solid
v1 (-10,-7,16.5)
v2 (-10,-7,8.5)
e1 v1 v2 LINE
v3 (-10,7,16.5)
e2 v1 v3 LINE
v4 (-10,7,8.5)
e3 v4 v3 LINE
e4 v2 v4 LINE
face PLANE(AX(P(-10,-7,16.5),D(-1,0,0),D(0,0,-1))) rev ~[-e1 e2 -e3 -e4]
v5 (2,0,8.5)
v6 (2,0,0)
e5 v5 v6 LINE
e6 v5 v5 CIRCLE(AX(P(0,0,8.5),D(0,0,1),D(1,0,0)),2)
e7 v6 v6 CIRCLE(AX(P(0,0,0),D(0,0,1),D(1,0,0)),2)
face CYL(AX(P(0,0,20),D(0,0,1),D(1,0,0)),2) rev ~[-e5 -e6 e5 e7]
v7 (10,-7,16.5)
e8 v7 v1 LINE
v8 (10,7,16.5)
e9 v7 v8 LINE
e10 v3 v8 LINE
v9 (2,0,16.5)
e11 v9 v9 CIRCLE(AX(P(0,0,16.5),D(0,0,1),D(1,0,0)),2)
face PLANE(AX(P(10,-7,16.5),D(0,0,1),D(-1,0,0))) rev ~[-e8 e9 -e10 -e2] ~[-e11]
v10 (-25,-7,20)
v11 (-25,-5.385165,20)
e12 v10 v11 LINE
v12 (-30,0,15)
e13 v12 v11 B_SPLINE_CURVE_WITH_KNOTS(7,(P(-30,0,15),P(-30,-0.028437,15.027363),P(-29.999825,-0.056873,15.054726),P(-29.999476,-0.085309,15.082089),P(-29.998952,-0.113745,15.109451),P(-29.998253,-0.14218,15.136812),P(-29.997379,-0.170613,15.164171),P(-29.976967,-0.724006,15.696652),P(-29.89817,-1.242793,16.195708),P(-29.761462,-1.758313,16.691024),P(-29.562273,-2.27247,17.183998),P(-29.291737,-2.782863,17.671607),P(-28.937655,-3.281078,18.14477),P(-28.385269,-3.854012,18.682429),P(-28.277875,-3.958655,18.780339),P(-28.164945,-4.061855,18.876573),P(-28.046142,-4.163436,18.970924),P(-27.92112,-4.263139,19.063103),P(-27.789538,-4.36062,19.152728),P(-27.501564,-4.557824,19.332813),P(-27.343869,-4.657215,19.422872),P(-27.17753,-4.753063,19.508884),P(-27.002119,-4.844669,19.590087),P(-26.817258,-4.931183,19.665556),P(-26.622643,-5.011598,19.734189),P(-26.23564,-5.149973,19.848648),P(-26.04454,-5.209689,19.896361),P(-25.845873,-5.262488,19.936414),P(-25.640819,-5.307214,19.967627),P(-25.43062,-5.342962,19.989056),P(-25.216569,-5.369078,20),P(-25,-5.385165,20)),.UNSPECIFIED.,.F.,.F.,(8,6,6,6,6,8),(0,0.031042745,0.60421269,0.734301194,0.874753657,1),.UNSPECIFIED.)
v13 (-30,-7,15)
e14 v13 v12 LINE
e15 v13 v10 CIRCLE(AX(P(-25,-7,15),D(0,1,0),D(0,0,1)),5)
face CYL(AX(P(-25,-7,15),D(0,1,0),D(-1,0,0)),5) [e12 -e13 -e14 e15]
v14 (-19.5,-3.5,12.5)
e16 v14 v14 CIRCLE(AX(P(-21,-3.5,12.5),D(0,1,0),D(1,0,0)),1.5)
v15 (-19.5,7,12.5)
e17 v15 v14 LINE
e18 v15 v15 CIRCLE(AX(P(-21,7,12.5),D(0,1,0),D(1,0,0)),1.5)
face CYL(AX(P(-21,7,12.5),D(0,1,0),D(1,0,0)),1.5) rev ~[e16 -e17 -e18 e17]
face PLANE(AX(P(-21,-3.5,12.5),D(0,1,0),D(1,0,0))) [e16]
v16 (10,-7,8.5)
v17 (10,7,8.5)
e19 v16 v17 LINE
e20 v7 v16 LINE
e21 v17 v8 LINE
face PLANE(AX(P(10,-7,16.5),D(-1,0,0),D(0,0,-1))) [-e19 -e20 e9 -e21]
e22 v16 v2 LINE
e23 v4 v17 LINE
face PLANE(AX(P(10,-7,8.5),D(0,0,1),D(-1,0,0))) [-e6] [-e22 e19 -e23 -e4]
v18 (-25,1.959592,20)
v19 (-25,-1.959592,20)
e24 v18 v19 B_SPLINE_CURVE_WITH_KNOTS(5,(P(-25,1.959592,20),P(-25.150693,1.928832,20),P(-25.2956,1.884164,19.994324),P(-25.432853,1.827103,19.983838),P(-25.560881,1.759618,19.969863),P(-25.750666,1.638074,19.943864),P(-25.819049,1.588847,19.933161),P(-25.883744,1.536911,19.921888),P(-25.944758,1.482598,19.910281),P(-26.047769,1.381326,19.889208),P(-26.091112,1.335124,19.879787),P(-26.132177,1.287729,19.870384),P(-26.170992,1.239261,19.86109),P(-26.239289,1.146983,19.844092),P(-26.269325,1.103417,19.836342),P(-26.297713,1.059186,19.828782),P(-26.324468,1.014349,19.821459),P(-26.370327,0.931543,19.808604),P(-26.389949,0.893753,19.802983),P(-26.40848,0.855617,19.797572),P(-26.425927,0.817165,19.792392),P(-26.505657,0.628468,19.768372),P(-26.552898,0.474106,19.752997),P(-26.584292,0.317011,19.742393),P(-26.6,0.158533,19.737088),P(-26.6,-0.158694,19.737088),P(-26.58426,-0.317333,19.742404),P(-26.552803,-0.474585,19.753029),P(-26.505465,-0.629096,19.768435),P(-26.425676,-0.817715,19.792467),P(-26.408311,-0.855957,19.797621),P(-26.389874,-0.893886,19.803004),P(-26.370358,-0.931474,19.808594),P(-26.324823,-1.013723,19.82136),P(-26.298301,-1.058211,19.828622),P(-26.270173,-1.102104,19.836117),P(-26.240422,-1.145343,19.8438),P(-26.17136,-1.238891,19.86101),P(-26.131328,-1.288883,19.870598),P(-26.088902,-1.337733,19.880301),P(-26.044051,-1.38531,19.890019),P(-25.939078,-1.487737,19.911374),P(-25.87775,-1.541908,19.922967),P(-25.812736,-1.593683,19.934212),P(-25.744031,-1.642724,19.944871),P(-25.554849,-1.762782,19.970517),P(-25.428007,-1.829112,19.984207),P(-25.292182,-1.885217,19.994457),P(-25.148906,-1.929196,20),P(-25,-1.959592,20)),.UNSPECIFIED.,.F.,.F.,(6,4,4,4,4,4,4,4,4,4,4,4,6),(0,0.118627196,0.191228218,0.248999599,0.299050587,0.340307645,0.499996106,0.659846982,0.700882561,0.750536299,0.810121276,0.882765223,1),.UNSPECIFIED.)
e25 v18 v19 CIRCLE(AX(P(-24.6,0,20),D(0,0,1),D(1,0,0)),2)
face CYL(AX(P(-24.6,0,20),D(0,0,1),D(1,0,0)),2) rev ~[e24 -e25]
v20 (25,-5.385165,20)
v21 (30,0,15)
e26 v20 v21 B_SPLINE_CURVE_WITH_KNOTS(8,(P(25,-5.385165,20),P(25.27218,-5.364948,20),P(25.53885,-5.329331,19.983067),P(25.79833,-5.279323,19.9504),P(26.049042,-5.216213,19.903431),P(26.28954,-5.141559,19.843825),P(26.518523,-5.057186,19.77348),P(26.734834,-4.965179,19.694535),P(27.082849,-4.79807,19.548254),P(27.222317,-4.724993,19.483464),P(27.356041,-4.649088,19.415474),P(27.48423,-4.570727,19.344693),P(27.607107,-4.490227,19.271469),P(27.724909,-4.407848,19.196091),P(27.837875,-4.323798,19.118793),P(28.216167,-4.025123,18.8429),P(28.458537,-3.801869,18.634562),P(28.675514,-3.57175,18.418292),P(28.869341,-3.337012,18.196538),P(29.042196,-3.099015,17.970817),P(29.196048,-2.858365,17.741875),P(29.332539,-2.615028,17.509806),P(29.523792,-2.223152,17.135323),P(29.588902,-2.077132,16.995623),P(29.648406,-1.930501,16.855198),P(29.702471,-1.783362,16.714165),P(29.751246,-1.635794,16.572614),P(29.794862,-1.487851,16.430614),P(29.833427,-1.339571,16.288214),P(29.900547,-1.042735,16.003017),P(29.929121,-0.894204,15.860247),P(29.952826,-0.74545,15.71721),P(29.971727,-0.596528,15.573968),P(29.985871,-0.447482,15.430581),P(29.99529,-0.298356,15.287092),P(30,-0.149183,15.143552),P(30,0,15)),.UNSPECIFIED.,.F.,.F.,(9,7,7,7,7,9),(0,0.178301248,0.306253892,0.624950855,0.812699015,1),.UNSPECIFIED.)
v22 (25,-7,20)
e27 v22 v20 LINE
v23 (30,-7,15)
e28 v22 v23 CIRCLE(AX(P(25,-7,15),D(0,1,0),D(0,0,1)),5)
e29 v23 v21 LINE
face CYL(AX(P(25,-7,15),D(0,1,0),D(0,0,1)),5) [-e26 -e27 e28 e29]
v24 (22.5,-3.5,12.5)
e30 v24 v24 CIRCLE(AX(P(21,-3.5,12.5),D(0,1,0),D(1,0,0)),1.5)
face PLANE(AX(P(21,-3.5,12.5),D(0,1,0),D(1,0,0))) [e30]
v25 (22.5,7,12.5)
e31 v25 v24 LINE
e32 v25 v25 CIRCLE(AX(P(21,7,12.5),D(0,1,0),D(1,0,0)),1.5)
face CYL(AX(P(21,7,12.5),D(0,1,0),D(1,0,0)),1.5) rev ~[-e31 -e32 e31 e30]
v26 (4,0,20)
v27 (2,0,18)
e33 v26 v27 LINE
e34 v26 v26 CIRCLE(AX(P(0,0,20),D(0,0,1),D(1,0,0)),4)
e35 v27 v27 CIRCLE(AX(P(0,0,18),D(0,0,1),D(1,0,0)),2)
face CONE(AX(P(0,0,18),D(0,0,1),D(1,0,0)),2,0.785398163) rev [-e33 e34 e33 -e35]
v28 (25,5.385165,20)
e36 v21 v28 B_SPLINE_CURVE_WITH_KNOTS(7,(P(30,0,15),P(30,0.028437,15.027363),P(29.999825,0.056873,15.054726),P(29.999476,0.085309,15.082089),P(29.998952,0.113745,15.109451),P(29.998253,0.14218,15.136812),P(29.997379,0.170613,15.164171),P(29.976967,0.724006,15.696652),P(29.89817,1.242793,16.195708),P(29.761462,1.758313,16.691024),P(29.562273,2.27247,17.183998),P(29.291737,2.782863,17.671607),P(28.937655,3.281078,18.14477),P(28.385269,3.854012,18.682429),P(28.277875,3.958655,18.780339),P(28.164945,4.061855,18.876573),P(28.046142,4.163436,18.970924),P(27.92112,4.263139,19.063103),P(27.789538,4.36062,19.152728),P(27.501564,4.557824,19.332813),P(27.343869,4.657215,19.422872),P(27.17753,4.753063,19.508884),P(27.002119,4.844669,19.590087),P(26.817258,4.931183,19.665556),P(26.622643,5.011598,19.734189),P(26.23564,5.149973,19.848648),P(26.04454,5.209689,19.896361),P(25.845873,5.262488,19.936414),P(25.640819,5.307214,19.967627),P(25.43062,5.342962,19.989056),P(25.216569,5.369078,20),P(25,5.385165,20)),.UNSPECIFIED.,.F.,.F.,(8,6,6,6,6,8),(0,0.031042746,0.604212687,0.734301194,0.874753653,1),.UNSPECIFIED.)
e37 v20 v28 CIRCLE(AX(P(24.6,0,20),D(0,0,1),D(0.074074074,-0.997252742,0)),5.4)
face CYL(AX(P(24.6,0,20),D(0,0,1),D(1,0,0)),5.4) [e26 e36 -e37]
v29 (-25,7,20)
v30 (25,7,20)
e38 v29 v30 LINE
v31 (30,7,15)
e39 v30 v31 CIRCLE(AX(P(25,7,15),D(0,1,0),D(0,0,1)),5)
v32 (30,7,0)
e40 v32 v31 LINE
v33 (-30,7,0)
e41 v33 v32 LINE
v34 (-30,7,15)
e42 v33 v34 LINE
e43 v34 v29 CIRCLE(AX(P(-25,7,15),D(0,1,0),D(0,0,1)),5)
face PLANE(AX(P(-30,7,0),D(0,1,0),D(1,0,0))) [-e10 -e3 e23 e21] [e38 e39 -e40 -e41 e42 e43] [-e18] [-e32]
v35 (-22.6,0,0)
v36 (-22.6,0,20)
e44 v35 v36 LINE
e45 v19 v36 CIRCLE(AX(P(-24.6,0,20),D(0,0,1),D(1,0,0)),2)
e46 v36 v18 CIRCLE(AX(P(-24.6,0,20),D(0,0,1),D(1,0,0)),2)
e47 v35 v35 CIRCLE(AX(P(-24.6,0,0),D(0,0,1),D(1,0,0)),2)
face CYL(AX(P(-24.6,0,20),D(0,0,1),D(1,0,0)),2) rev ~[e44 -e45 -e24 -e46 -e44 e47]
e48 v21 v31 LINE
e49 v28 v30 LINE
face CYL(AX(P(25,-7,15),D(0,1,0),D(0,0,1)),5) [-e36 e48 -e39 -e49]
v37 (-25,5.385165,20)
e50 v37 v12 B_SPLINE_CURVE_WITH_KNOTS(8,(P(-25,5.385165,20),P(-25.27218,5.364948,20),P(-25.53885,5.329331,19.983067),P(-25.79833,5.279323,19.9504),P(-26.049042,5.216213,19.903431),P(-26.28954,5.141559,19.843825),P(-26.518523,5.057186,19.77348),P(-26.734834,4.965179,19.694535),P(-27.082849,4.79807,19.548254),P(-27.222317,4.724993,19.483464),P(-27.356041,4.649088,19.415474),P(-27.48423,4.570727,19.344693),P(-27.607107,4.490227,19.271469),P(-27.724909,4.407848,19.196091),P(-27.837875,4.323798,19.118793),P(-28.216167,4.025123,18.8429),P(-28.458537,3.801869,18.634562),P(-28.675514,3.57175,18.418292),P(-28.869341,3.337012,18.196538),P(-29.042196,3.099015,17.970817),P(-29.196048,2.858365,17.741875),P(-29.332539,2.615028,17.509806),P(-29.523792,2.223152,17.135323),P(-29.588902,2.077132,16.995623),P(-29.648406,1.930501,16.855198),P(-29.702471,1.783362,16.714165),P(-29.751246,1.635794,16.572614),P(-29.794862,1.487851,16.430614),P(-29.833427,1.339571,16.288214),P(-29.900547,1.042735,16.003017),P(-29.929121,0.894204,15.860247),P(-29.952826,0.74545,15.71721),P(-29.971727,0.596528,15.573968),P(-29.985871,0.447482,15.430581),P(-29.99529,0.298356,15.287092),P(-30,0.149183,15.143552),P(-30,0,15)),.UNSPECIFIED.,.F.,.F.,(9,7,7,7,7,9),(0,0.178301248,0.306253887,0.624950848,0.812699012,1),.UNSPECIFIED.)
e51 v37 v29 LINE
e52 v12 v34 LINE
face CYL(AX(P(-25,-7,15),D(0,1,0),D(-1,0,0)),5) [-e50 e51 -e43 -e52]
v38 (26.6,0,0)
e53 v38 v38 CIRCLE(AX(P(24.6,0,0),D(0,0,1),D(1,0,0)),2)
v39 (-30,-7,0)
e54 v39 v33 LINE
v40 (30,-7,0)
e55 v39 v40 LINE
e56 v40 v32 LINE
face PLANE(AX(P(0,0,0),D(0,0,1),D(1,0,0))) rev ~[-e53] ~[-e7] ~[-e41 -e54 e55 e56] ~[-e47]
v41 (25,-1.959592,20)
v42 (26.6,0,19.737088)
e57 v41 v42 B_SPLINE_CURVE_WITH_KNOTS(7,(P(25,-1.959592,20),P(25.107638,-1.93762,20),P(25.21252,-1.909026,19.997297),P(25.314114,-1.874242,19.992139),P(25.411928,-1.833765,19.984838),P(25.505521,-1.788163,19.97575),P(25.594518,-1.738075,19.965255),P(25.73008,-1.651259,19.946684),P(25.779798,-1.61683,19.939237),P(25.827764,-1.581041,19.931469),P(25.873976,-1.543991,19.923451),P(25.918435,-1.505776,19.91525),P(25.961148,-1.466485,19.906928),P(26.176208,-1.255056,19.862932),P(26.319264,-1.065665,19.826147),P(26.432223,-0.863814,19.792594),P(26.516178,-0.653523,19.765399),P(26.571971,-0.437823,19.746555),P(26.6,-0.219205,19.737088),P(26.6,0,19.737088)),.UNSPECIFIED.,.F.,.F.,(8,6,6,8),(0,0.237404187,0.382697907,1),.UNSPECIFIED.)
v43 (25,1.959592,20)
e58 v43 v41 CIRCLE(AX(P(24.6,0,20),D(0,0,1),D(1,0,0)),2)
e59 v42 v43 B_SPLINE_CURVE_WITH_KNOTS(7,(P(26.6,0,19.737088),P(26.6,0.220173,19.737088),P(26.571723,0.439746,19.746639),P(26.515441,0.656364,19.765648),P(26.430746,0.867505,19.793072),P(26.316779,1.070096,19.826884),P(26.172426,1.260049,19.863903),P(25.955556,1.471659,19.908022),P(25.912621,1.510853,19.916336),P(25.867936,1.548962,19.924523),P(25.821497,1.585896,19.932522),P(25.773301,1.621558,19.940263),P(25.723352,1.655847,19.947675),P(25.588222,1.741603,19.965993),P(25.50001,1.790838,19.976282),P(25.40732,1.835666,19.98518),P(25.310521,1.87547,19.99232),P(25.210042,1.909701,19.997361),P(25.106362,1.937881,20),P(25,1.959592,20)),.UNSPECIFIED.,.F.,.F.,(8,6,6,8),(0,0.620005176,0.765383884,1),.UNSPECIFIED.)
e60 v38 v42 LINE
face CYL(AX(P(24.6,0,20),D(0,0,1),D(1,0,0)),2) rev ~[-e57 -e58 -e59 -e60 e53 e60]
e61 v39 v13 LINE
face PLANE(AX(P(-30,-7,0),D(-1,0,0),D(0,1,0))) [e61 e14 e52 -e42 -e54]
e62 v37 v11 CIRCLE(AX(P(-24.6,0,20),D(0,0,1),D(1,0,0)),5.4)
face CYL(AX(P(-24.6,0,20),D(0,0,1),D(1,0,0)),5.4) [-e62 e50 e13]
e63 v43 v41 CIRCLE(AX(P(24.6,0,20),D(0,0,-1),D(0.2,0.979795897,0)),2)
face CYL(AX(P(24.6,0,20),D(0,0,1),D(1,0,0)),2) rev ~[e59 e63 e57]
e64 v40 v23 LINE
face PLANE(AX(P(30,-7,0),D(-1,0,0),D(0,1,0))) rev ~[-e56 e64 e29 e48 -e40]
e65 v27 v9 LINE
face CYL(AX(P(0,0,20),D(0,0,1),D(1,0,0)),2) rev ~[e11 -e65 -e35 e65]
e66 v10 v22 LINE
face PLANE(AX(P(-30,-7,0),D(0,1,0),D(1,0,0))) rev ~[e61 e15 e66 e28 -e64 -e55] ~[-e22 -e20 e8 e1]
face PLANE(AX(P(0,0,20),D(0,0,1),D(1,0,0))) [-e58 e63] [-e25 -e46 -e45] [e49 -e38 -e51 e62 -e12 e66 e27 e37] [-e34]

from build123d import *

# Parameters (mm, degrees)
SKETCH_1_W          = 60
SKETCH_1_H          = 14
EXTRUDE_1_DEPTH     = 20
SKETCH_2_W          = 20
SKETCH_2_H          = 8
CUT_EXTRUDE_1_DEPTH = 15
SKETCH_3_R          = 1.5
CUT_EXTRUDE_2_DEPTH = 10.5
FILLET_1_R          = 5
SKETCH_4_R          = 2
CUT_EXTRUDE_3_DEPTH = 21
CHAMFER_1_SIZE      = 2
SKETCH_5_R          = 5.4
SKETCH_5_R_2        = 2
EXTRUDE_2_DEPTH     = 5.5


with BuildPart() as part:
    # Эскиз1 → Бобышка-Вытянуть1 (new body)
    with BuildSketch(Plane.XY):
        Rectangle(SKETCH_1_W, SKETCH_1_H)
    extrude(amount=EXTRUDE_1_DEPTH)

    # Эскиз2 → Вырез-Вытянуть1 (cut, through all)
    with BuildSketch(Plane(origin=(0, -7, 0), x_dir=(-1, 0, 0), z_dir=(0, -1, 0))):
        with Locations((0, -12.5)):
            Rectangle(SKETCH_2_W, SKETCH_2_H)
    extrude(amount=-CUT_EXTRUDE_1_DEPTH, mode=Mode.SUBTRACT)

    # Эскиз3 → Вырез-Вытянуть2 (cut)
    with BuildSketch(Plane(origin=(0, 7, 0), x_dir=(1, 0, 0), z_dir=(0, 1, 0))):
        with Locations((-21, -12.5)):
            Circle(SKETCH_3_R)
        with Locations((21, -12.5)):
            Circle(SKETCH_3_R)
    extrude(amount=-CUT_EXTRUDE_2_DEPTH, mode=Mode.SUBTRACT)

    # Скругление1
    fillet_1_edges = [part.edges().sort_by_distance(p)[0] for p in [
        (30, 0, 20),
        (-30, 0, 20),
    ]]
    fillet(fillet_1_edges, radius=FILLET_1_R)

    # Эскиз4 → Вырез-Вытянуть3 (cut, through all)
    with BuildSketch(Plane.XY.offset(20)):
        with Locations((24.6, 0)):
            Circle(SKETCH_4_R)
        with Locations((-24.6, 0)):
            Circle(SKETCH_4_R)
        Circle(SKETCH_4_R)
    extrude(amount=-CUT_EXTRUDE_3_DEPTH, mode=Mode.SUBTRACT)

    # Фаска1
    chamfer_1_edges = [part.edges().sort_by_distance(p)[0] for p in [
        (-2, 0, 20),
    ]]
    chamfer(chamfer_1_edges, length=CHAMFER_1_SIZE)

    # Эскиз5 → Бобышка-Вытянуть2 (add)
    with BuildSketch(Plane.XY.offset(20)):
        with Locations((-24.6, 0)):
            Circle(SKETCH_5_R)
        with Locations((-24.6, 0)):
            Circle(SKETCH_5_R_2, mode=Mode.SUBTRACT)
        with Locations((24.6, 0)):
            Circle(SKETCH_5_R)
        with Locations((24.6, 0)):
            Circle(SKETCH_5_R_2, mode=Mode.SUBTRACT)
    extrude(amount=-EXTRUDE_2_DEPTH)


solid = part.part
